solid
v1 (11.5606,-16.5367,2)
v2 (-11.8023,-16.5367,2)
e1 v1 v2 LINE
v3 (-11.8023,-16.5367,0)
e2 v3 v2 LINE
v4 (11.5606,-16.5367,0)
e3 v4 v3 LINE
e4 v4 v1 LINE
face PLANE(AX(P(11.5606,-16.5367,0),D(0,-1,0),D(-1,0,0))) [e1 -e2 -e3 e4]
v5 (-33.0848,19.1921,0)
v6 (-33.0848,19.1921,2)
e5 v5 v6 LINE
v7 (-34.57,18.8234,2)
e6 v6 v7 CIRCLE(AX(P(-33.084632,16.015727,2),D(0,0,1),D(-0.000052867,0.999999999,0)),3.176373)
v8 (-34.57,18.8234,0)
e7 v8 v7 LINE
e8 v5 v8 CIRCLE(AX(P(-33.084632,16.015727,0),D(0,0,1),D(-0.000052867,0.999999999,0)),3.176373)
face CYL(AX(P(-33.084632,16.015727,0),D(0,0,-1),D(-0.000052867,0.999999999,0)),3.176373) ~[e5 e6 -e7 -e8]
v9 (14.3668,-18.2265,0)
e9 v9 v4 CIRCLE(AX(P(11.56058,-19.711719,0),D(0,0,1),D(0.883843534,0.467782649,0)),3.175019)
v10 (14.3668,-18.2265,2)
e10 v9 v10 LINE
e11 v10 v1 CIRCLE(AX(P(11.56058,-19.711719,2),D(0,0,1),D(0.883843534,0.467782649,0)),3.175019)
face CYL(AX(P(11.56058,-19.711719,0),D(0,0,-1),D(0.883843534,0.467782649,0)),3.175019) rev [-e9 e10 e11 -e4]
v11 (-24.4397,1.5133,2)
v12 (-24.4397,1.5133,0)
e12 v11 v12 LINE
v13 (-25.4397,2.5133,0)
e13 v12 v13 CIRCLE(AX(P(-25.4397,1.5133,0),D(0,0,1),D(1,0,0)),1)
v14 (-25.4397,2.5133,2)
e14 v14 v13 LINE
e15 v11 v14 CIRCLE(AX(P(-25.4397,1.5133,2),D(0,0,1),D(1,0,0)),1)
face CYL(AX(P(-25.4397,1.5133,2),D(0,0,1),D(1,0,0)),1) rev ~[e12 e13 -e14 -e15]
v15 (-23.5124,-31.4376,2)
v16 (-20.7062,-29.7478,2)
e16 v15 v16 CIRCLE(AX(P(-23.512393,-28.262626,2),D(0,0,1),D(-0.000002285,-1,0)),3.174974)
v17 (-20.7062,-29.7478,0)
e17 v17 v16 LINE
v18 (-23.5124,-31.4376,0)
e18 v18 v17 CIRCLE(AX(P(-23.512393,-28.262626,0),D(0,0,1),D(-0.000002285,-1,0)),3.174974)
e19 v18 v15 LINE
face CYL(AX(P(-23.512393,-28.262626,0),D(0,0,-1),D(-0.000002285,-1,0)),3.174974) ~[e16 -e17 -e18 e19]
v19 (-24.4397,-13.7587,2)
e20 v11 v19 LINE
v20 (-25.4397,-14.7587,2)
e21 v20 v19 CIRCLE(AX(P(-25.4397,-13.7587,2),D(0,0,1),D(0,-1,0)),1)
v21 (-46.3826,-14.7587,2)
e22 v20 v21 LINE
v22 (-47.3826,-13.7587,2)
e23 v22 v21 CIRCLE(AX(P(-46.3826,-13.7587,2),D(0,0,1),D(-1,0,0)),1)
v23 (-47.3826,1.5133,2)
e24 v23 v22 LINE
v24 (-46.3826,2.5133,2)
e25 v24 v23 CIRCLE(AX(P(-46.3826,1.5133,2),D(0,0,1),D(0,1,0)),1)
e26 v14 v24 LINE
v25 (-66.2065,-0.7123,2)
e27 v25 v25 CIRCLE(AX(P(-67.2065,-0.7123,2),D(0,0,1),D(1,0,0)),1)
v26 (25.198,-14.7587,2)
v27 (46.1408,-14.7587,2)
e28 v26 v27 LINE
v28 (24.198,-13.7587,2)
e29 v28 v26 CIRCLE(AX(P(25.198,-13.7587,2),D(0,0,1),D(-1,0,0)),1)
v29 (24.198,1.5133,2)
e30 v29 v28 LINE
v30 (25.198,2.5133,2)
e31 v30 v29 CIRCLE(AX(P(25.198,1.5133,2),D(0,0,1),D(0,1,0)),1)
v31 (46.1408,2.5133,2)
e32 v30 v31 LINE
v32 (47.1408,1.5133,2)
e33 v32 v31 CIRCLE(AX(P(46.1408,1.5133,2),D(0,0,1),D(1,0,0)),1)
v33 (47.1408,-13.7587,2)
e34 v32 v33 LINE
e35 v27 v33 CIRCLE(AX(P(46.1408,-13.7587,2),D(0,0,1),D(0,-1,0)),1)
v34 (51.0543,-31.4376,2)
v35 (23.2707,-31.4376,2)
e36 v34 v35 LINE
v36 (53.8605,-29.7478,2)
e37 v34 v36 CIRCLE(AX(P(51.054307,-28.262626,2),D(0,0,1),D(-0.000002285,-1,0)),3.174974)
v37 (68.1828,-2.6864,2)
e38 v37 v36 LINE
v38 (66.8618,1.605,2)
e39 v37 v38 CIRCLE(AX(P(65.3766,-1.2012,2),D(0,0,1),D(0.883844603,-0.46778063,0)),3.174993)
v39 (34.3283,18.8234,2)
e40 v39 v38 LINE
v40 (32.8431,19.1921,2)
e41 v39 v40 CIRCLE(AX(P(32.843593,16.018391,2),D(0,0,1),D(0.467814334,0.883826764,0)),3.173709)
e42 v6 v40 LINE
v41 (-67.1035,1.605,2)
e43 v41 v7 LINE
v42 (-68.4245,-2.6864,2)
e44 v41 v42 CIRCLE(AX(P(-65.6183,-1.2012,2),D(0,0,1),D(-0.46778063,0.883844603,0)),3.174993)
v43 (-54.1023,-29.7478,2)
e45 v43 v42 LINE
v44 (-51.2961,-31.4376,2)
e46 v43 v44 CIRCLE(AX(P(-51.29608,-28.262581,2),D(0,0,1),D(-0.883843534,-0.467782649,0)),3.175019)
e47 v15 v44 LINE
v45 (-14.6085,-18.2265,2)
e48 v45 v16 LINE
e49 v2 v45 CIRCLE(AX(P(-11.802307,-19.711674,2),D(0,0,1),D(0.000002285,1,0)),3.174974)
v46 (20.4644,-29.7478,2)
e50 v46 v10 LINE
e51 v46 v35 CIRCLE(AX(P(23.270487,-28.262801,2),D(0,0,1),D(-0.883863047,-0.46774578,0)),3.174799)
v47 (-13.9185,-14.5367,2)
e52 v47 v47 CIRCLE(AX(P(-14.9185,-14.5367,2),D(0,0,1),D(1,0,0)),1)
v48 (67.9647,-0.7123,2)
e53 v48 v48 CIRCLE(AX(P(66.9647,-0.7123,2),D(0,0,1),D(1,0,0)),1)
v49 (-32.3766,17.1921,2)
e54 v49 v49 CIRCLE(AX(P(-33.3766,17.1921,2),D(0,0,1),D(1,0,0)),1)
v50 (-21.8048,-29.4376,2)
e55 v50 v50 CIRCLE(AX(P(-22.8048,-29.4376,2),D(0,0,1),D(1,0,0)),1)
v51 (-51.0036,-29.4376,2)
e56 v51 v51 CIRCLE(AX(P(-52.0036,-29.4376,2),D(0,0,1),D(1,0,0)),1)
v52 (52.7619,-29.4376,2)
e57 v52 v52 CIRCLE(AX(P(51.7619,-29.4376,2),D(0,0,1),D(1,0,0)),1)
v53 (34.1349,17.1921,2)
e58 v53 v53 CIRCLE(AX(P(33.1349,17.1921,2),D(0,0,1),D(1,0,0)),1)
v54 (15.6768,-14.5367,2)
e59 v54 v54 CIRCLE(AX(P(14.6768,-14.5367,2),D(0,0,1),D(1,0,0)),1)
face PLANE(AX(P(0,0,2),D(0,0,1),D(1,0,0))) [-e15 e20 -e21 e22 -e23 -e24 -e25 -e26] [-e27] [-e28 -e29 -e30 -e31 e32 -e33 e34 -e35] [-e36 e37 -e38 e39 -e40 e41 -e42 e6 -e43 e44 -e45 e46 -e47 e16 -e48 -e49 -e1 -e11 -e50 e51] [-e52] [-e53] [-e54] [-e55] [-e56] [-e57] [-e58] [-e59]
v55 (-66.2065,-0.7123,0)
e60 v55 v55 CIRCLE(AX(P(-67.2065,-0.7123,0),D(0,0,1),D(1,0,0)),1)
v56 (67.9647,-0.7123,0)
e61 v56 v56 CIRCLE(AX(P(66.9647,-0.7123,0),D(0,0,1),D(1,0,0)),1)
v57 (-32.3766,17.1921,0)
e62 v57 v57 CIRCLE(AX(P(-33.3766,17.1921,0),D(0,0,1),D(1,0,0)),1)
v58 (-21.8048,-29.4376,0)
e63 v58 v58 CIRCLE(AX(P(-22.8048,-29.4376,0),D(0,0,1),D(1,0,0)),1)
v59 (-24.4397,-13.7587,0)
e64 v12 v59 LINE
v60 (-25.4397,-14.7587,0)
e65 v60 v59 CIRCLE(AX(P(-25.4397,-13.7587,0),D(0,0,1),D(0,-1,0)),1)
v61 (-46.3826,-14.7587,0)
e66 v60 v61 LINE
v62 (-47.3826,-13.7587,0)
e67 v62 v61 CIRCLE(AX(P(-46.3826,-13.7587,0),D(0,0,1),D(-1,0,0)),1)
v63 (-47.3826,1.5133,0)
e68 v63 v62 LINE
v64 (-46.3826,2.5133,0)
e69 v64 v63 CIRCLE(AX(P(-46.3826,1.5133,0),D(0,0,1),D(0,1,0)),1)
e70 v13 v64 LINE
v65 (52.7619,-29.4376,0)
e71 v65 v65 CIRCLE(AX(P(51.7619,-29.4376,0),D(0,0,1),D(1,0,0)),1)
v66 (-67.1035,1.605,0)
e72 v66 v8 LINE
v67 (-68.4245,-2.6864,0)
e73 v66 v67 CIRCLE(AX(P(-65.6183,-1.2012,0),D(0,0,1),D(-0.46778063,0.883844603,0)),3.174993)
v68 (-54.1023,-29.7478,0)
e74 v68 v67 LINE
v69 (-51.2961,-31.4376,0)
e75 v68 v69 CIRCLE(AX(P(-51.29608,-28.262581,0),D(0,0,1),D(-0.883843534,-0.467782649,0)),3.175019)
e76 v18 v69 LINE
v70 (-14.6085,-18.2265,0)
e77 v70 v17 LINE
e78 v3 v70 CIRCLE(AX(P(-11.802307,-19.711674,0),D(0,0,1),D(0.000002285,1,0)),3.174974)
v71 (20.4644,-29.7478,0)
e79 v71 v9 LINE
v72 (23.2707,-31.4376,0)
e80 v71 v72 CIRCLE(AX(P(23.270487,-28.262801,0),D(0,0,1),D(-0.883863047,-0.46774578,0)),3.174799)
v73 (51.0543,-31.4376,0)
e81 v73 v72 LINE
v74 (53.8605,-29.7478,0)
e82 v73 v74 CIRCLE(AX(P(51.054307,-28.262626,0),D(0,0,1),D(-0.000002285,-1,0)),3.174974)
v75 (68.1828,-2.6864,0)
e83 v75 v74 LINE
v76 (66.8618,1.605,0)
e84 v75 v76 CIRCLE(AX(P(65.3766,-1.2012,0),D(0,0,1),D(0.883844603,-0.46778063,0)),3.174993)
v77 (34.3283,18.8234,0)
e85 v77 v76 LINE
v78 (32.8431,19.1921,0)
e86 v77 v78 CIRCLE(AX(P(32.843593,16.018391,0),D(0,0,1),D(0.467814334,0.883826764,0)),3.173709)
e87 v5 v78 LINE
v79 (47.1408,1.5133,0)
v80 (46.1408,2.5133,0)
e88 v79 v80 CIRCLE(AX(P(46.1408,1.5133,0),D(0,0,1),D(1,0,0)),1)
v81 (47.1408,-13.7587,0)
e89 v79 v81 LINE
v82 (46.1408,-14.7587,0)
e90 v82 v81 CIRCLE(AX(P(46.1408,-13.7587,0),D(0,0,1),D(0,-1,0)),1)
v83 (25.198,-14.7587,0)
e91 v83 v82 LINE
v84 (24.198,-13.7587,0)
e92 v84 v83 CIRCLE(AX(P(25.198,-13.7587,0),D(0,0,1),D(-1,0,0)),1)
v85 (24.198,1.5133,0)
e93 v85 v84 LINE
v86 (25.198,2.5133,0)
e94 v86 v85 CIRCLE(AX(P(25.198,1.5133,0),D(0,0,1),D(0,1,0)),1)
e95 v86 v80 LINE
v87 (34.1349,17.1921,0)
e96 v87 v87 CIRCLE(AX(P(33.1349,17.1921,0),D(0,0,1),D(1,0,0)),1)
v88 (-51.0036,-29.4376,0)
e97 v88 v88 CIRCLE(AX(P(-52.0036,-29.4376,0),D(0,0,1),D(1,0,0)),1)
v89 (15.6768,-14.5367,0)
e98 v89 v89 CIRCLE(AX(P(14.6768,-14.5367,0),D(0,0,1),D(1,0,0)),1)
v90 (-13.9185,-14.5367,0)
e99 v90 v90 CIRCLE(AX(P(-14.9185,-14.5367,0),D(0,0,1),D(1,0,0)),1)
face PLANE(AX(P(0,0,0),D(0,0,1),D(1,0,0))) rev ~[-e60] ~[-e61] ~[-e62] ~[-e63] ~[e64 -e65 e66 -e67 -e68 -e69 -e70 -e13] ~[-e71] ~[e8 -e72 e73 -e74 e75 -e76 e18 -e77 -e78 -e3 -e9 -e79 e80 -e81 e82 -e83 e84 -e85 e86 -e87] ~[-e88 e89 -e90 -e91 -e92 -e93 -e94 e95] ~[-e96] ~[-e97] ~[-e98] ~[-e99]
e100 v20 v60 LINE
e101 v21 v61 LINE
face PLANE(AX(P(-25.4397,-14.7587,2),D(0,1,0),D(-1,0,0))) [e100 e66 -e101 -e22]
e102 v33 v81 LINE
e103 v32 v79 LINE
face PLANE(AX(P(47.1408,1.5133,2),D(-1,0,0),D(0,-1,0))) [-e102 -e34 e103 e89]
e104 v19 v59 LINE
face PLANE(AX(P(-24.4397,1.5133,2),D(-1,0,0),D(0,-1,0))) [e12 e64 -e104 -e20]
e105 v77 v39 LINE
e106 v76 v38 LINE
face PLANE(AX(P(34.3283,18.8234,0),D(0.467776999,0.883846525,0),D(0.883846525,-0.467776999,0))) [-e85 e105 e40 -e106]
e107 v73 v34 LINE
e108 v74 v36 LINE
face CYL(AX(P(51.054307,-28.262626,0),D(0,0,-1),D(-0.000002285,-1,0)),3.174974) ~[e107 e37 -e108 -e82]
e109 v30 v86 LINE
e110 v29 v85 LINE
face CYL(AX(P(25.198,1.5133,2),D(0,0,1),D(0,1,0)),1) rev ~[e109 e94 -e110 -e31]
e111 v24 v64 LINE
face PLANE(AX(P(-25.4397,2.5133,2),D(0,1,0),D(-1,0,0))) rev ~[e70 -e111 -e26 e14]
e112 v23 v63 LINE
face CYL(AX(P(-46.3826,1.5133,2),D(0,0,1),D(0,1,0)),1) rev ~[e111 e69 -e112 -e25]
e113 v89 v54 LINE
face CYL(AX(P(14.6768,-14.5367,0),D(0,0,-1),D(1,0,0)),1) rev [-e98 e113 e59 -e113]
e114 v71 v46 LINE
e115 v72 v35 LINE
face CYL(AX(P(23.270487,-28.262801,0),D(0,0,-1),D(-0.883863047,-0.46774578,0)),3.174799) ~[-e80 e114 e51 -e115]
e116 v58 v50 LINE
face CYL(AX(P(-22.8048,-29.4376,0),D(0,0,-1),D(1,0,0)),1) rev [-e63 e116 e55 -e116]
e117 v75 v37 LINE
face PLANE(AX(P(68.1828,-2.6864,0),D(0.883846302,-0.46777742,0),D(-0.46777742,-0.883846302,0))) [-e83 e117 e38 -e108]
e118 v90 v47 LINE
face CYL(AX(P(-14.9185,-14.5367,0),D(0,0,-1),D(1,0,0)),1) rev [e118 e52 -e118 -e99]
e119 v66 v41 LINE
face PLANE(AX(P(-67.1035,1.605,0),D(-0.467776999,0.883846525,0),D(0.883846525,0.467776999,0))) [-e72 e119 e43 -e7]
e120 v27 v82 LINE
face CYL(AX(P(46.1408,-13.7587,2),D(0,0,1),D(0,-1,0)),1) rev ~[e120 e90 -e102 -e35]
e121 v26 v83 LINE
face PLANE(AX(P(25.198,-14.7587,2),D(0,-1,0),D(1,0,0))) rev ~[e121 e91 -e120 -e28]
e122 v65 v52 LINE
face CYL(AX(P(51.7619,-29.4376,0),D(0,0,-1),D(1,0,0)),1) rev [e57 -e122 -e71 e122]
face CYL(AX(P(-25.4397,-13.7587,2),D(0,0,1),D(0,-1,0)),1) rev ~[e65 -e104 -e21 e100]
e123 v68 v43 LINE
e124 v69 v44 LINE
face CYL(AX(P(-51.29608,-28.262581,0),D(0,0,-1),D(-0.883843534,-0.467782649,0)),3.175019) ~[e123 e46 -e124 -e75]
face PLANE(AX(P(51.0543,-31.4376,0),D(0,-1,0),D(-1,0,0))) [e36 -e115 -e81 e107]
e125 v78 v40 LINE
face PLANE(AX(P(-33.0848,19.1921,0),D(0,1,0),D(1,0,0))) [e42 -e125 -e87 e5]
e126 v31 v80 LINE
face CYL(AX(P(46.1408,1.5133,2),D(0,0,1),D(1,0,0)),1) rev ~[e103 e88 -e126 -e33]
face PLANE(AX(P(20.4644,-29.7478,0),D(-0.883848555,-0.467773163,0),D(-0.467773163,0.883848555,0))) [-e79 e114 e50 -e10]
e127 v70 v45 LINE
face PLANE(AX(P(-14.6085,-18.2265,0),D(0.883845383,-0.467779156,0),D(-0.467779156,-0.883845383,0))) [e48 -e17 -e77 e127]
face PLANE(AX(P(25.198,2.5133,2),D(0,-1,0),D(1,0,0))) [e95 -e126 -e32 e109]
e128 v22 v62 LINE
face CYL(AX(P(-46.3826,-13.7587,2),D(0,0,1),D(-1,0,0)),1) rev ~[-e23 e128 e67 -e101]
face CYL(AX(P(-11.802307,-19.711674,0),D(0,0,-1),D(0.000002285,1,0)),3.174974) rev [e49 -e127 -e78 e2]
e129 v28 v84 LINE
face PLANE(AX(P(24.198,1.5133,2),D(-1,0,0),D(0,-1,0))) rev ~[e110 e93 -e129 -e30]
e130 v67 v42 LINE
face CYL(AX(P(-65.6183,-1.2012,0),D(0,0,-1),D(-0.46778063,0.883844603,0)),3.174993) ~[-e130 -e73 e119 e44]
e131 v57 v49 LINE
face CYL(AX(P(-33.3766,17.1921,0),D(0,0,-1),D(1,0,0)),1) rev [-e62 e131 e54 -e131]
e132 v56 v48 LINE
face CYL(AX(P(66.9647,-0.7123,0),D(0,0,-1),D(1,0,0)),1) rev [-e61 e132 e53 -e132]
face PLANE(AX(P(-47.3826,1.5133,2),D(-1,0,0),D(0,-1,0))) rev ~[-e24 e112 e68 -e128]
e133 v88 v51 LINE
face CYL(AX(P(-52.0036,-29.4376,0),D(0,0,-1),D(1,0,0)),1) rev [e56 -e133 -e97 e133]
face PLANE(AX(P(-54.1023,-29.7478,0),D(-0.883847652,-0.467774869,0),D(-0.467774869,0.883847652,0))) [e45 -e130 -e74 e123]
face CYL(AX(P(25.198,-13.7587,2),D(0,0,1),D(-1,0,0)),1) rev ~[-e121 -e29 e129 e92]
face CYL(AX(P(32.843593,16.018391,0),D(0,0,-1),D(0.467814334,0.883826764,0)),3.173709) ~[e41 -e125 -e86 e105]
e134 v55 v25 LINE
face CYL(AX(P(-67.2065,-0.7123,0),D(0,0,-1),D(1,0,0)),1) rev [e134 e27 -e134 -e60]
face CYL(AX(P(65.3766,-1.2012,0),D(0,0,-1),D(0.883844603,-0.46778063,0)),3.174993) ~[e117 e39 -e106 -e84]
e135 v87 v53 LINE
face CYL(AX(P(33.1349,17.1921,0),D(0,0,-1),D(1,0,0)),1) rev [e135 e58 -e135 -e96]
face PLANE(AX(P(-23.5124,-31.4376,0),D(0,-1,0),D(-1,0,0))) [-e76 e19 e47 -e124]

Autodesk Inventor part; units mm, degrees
ref_plane "YZ Plane" through (0, 0, 0) normal (1, 0, 0) x (0, 1, 0)
ref_plane "XZ Plane" through (0, 0, 0) normal (0, 1, 0) x (-1, 0, 0)
ref_plane "XY Plane" through (0, 0, 0) normal (0, 0, 1) x (1, 0, 0)
sketch "Sketch2" plane through (0, 0, 0) normal (0, 0, 1) x (1, 0, 0)
  arc A0 (16.7755, -14.2265) -> (13.9693, -12.5367) centre (13.9693, -15.7117) ccw construction
  line L0 (-14.211, -12.5367) -> (13.9693, -12.5367) construction
  arc A1 (-14.211, -12.5367) -> (-17.0172, -14.2265) centre (-14.211, -15.7117) ccw construction
  line L1 (-23.1148, -25.7478) -> (-17.0172, -14.2265) construction
  arc A2 (-25.9211, -27.4376) -> (-23.1148, -25.7478) centre (-25.9211, -24.2626) ccw construction
  line L2 (-48.8874, -27.4376) -> (-25.9211, -27.4376) construction
  arc A3 (-51.6936, -25.7478) -> (-48.8874, -27.4376) centre (-48.8874, -24.2626) ccw construction
  line L3 (-63.018, -4.3507) -> (-51.6936, -25.7478) construction
  arc A4 (-61.697, -0.0593) -> (-63.018, -4.3507) centre (-60.2118, -2.8655) ccw construction
  line L4 (-33.5768, 14.8234) -> (-61.697, -0.0593) construction
  arc A5 (-32.0916, 15.1921) -> (-33.5768, 14.8234) centre (-32.0916, 12.0171) ccw construction
  line L5 (31.8499, 15.1921) -> (-32.0916, 15.1921) construction
  arc A6 (33.3351, 14.8234) -> (31.8499, 15.1921) centre (31.8499, 12.0171) ccw construction
  line L6 (61.4553, -0.0593) -> (33.3351, 14.8234) construction
  arc A7 (62.7763, -4.3507) -> (61.4553, -0.0593) centre (59.9701, -2.8655) ccw construction
  line L7 (51.4519, -25.7478) -> (62.7763, -4.3507) construction
  arc A8 (48.6457, -27.4376) -> (51.4519, -25.7478) centre (48.6457, -24.2626) ccw construction
  line L8 (25.6793, -27.4376) -> (48.6457, -27.4376) construction
  arc A9 (22.8731, -25.7478) -> (25.6793, -27.4376) centre (25.6793, -24.2626) ccw construction
  line L9 (16.7755, -14.2265) -> (22.8731, -25.7478) construction
  circle A10 centre (-67.2065, -0.7123) radius 1
  circle A11 centre (-22.8048, -29.4376) radius 1
  circle A12 centre (14.6768, -14.5367) radius 1
  circle A13 centre (66.9647, -0.7123) radius 1
  circle A14 centre (-33.3766, 17.1921) radius 1
  circle A15 centre (33.1349, 17.1921) radius 1
  circle A16 centre (51.7619, -29.4376) radius 1
  circle A17 centre (-14.9185, -14.5367) radius 1
  circle A18 centre (-52.0036, -29.4376) radius 1
  arc A19 (20.4644, -29.7478) -> (23.2707, -31.4376) centre (23.2707, -28.2626) ccw
  line L10 (51.0543, -31.4376) -> (23.2707, -31.4376)
  arc A20 (51.0543, -31.4376) -> (53.8605, -29.7478) centre (51.0543, -28.2626) ccw
  line L11 (68.1828, -2.6864) -> (53.8605, -29.7478)
  arc A21 (68.1828, -2.6864) -> (66.8618, 1.605) centre (65.3766, -1.2012) ccw
  line L12 (34.3283, 18.8234) -> (66.8618, 1.605)
  arc A22 (34.3283, 18.8234) -> (32.8431, 19.1921) centre (32.8431, 16.0171) ccw
  line L13 (-33.0848, 19.1921) -> (32.8431, 19.1921)
  arc A23 (-33.0848, 19.1921) -> (-34.57, 18.8234) centre (-33.0848, 16.0171) ccw
  line L14 (-67.1035, 1.605) -> (-34.57, 18.8234)
  arc A24 (-67.1035, 1.605) -> (-68.4245, -2.6864) centre (-65.6183, -1.2012) ccw
  line L15 (-54.1023, -29.7478) -> (-68.4245, -2.6864)
  arc A25 (-54.1023, -29.7478) -> (-51.2961, -31.4376) centre (-51.2961, -28.2626) ccw
  line L16 (-23.5124, -31.4376) -> (-51.2961, -31.4376)
  arc A26 (-23.5124, -31.4376) -> (-20.7062, -29.7478) centre (-23.5124, -28.2626) ccw
  line L17 (-14.6085, -18.2265) -> (-20.7062, -29.7478)
  arc A27 (-11.8023, -16.5367) -> (-14.6085, -18.2265) centre (-11.8023, -19.7117) ccw
  line L18 (11.5606, -16.5367) -> (-11.8023, -16.5367)
  arc A28 (14.3668, -18.2265) -> (11.5606, -16.5367) centre (11.5606, -19.7117) ccw
  line L19 (20.4644, -29.7478) -> (14.3668, -18.2265)
  point P0 (0, 0)
extrude "Extrusion2" add sketch "Sketch2" along normal blind 2
sketch "Sketch3" plane through (0, 0, 2) normal (0, 0, 1) x (1, 0, 0)
  arc A0 (-25.4397, -14.7587) -> (-24.4397, -13.7587) centre (-25.4397, -13.7587) ccw
  line L0 (-25.4397, -14.7587) -> (-46.3826, -14.7587)
  arc A1 (-47.3826, -13.7587) -> (-46.3826, -14.7587) centre (-46.3826, -13.7587) ccw
  line L1 (-35.9112, -14.7587) -> (-35.9112, 2.5133) construction
  line L2 (-24.4397, -6.1227) -> (-35.9112, -6.1227) construction
  arc A2 (-24.4397, 1.5133) -> (-25.4397, 2.5133) centre (-25.4397, 1.5133) ccw
  line L3 (-25.4397, 2.5133) -> (-46.3826, 2.5133)
  line L4 (-24.4397, 1.5133) -> (-24.4397, -13.7587)
  arc A3 (-46.3826, 2.5133) -> (-47.3826, 1.5133) centre (-46.3826, 1.5133) ccw
  line L5 (-47.3826, 1.5133) -> (-47.3826, -13.7587)
  line L6 (-51.2961, -31.4376) -> (-23.5124, -31.4376) projected
  line L7 (32.8431, 19.1921) -> (-33.0848, 19.1921) projected
  line L8 (-34.57, 18.8234) -> (-67.1035, 1.605) projected
  line L9 (-11.8023, -16.5367) -> (11.5606, -16.5367) projected
  line L10 (-0.1209, -16.5367) -> (-0.1209, 19.1921) construction
  arc A4 (24.198, -13.7587) -> (25.198, -14.7587) centre (25.198, -13.7587) ccw
  line L11 (25.198, -14.7587) -> (46.1408, -14.7587)
  arc A5 (46.1408, -14.7587) -> (47.1408, -13.7587) centre (46.1408, -13.7587) ccw
  arc A6 (25.198, 2.5133) -> (24.198, 1.5133) centre (25.198, 1.5133) ccw
  line L12 (25.198, 2.5133) -> (46.1408, 2.5133)
  line L13 (24.198, 1.5133) -> (24.198, -13.7587)
  arc A7 (47.1408, 1.5133) -> (46.1408, 2.5133) centre (46.1408, 1.5133) ccw
  line L14 (47.1408, 1.5133) -> (47.1408, -13.7587)
  point P0 (0, 0)
  dimension "d10" = 22.9428
  dimension "d11" = 17.272
  dimension "d12" = 1
  dimension "d13" = 16.6789
  dimension "d15" = 16.6789
  dimension "d16" = 8.89
extrude "Extrusion3" cut sketch "Sketch3" along normal through all both and the other way through all
equation "\"d13\" = d15"
properties part number "Panel"
